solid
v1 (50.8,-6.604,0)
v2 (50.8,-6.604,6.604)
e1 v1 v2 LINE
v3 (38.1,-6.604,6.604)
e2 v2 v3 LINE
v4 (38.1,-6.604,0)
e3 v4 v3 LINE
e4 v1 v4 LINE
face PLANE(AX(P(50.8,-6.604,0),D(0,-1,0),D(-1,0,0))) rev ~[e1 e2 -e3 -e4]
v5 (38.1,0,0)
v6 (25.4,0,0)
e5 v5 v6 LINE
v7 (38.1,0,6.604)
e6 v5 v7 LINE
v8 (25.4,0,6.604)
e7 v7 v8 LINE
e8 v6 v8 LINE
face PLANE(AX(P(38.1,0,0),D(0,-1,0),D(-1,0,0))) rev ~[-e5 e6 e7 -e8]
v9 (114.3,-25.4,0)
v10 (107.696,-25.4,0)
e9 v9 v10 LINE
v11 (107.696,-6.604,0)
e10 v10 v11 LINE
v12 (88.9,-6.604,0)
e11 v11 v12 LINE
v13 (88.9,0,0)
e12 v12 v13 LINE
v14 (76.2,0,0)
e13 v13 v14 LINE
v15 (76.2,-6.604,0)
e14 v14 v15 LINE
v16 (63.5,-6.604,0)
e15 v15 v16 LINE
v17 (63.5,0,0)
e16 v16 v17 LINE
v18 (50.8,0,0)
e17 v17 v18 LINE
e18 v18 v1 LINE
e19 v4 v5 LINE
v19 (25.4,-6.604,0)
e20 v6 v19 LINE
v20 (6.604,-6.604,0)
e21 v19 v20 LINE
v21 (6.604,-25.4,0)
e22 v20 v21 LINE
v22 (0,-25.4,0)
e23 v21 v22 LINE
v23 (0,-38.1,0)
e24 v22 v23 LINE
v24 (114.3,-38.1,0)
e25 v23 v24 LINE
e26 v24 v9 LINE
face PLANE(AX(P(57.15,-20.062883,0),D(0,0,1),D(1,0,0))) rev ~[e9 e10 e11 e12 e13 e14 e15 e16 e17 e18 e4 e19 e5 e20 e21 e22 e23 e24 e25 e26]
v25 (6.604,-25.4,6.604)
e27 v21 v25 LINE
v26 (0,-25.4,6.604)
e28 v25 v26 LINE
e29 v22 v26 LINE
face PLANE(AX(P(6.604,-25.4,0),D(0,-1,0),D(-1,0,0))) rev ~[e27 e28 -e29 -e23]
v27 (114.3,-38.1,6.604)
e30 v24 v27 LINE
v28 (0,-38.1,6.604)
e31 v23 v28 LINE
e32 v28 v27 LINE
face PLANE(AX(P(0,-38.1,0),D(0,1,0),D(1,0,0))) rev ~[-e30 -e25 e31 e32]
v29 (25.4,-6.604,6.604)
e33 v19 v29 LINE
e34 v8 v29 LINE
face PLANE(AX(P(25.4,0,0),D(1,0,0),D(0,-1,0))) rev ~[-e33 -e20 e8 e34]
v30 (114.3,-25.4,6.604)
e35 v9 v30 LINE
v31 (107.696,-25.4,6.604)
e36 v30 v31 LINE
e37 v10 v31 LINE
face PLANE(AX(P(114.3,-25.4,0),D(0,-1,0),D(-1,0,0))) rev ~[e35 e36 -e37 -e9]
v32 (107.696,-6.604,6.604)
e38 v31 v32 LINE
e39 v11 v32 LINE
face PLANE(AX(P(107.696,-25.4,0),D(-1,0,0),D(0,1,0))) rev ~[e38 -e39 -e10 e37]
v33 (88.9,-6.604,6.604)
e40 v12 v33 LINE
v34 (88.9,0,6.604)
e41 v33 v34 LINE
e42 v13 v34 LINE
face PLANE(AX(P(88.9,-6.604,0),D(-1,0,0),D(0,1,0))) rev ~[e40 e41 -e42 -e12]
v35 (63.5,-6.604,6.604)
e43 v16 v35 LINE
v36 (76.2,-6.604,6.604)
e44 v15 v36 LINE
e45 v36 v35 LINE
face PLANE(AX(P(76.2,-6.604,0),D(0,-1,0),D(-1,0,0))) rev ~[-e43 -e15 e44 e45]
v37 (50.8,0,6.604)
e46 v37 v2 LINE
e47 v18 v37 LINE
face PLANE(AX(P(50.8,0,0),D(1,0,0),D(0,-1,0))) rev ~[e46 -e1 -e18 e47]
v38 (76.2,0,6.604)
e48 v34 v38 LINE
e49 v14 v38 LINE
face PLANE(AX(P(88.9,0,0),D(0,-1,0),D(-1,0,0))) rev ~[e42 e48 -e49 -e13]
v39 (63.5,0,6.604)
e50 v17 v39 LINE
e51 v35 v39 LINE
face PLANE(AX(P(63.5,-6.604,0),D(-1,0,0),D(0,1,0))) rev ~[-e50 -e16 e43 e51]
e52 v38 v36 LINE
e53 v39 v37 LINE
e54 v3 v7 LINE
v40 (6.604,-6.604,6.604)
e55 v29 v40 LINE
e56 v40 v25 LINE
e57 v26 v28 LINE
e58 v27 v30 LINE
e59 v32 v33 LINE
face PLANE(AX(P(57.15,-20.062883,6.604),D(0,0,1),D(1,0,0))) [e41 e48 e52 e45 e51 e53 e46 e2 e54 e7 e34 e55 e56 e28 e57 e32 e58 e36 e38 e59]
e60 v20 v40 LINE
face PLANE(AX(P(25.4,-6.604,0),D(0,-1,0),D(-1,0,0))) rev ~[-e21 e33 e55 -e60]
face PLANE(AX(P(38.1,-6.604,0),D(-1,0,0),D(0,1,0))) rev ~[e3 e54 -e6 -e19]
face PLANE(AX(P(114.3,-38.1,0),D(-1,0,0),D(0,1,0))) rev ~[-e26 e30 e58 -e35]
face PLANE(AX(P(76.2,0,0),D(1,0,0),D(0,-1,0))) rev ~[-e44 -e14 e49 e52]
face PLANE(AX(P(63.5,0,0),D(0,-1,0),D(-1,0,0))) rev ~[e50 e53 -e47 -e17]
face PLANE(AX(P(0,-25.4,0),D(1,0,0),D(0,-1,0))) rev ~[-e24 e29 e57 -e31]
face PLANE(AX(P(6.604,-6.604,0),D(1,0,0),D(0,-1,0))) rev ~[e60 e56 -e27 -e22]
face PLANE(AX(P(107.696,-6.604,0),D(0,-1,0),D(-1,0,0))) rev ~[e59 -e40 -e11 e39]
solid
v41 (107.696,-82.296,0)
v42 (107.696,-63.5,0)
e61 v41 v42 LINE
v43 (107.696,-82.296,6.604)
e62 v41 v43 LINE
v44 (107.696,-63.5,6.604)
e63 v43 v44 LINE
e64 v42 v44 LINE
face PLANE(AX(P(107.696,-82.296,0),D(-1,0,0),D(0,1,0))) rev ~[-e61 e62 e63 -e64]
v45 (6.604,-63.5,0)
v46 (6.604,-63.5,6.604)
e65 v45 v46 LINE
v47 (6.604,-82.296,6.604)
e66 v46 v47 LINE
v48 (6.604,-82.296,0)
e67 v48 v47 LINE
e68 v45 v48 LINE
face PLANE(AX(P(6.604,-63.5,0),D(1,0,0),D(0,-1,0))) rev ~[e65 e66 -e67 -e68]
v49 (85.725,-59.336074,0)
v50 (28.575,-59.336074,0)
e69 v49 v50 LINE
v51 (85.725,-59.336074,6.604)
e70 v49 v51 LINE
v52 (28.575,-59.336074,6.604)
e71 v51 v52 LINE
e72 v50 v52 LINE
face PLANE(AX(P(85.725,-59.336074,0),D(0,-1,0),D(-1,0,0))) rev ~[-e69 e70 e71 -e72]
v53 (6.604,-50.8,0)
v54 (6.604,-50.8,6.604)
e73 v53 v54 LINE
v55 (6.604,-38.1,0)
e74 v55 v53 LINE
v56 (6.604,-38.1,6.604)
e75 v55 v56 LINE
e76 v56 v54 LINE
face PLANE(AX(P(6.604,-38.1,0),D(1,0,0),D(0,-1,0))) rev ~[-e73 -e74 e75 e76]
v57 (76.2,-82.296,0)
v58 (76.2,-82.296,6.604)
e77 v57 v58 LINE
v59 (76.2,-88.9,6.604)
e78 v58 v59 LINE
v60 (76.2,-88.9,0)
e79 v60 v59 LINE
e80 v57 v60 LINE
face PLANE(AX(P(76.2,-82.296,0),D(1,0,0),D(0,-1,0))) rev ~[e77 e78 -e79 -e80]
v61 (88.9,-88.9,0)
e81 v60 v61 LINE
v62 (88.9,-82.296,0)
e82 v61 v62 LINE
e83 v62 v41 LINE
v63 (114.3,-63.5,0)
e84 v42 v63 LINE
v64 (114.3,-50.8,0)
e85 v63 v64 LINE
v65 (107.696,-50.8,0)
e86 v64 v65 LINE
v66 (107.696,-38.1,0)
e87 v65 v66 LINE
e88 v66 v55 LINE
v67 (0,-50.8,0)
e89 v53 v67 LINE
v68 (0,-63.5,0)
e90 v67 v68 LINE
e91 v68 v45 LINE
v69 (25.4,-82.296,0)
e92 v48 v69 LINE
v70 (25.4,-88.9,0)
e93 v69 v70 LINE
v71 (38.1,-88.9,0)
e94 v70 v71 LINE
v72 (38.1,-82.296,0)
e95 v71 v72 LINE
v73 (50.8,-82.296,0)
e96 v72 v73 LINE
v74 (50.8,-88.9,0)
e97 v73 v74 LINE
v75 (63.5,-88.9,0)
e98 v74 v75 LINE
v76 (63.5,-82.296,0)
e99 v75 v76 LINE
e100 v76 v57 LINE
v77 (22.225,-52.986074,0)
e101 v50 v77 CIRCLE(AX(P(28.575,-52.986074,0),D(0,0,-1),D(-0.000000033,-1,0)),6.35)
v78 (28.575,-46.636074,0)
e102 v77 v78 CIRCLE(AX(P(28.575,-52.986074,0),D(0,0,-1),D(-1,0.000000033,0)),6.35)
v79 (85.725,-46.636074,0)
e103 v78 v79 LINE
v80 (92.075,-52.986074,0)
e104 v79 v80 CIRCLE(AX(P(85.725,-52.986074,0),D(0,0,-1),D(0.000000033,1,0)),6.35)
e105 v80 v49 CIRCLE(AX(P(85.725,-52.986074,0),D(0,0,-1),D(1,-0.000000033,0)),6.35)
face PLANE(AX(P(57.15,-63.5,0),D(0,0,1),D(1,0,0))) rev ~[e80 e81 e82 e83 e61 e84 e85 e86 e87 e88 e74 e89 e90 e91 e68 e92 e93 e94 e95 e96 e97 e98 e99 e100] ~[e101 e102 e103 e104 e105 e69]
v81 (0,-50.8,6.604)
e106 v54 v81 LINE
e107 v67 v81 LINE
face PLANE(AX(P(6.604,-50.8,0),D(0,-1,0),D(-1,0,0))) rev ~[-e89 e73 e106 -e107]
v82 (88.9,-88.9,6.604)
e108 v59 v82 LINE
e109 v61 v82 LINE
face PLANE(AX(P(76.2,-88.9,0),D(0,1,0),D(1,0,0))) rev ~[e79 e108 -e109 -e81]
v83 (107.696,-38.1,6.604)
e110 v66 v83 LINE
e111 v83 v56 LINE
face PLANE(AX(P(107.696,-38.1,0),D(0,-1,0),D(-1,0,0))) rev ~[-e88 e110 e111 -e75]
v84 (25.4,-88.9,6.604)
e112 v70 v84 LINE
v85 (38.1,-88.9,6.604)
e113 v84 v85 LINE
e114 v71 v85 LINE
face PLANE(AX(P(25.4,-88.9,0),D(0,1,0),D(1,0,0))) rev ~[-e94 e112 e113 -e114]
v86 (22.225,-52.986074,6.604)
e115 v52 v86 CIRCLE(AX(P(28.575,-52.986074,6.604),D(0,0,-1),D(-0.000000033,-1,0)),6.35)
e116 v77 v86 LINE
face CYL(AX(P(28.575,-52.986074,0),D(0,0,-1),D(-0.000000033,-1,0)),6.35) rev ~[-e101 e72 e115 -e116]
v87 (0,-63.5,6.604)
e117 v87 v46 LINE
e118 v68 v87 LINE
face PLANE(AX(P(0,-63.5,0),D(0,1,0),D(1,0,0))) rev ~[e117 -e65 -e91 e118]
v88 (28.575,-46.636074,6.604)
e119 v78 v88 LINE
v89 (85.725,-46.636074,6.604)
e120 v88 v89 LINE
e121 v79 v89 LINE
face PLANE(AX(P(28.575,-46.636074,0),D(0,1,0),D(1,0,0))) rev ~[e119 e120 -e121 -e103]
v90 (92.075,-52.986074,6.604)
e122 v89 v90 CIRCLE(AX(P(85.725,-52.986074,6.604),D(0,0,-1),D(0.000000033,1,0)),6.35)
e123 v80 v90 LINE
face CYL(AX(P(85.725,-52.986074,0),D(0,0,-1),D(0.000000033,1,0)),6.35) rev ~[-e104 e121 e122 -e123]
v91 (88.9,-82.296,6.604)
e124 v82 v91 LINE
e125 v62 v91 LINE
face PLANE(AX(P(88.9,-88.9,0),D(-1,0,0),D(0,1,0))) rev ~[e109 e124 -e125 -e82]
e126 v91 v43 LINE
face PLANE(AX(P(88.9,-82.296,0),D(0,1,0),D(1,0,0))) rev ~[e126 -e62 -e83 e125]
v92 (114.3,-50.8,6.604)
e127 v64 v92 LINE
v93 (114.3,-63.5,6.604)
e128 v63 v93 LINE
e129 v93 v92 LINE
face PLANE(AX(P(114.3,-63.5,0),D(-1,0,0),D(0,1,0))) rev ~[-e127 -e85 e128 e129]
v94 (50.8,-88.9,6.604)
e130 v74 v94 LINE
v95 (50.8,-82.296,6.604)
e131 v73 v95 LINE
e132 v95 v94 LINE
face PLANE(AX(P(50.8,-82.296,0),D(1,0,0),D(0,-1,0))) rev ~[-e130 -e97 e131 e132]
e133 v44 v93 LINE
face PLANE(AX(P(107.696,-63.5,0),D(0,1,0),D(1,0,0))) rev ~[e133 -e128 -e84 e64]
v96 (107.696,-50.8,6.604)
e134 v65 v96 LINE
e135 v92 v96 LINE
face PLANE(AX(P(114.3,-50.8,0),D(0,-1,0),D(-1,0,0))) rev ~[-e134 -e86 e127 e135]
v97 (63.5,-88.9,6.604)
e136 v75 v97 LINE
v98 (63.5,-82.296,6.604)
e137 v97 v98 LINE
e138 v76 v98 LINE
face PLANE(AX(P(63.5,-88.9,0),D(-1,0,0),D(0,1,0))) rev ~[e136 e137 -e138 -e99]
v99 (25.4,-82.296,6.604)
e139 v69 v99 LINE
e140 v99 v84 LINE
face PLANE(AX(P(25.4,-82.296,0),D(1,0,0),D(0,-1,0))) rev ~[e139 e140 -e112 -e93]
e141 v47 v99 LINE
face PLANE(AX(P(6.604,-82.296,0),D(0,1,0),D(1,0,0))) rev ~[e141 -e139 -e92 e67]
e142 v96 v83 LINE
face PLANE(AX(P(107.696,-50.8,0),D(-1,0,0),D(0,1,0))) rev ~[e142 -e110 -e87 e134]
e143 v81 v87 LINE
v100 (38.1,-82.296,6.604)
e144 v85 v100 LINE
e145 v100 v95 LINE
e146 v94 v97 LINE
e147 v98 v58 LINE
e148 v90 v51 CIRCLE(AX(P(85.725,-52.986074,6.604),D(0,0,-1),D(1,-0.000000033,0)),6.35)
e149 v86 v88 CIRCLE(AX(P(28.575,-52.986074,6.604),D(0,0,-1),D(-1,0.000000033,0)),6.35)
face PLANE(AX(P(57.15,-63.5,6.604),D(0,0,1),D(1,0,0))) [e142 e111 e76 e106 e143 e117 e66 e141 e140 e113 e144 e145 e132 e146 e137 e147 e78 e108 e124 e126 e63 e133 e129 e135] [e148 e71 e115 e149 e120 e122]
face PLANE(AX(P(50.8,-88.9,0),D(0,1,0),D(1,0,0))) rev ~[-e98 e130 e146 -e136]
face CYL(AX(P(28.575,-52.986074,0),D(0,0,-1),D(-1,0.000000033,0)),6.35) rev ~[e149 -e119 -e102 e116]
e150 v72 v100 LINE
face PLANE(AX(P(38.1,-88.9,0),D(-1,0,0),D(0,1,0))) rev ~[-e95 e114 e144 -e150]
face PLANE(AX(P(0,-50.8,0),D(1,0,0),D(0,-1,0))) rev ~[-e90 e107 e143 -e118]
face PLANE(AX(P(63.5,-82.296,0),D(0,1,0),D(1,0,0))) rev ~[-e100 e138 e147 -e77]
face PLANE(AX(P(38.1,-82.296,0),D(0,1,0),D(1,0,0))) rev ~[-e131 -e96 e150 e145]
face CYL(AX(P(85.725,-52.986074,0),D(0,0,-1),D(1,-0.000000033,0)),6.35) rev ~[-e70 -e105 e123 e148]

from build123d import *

# Parameters (mm, degrees)
F1_DEPTH = 6.604
F2_DEPTH = 6.604


with BuildPart() as f1:
    # F0 (on Top) → F1 (new body)
    with BuildSketch(Plane.XY):
        Polygon((38.1, 0), (25.4, 0), (25.4, -6.604), (6.604, -6.604), (6.604, -25.4), (0, -25.4), (0, -38.1), (6.604, -38.1), (107.696, -38.1), (114.3, -38.1), (114.3, -25.4), (107.696, -25.4), (107.696, -6.604), (88.9, -6.604), (88.9, 0), (76.2, 0), (76.2, -6.604), (63.5, -6.604), (63.5, 0), (50.8, 0), (50.8, -6.604), (38.1, -6.604), align=None)
    extrude(amount=F1_DEPTH)


with BuildPart() as f2:
    # F0 (on Top) → F2 (new body)
    with BuildSketch(Plane.XY):
        Polygon((107.696, -38.1), (6.604, -38.1), (6.604, -50.8), (0, -50.8), (0, -63.5), (6.604, -63.5), (6.604, -82.296), (25.4, -82.296), (25.4, -88.9), (38.1, -88.9), (38.1, -82.296), (50.8, -82.296), (50.8, -88.9), (63.5, -88.9), (63.5, -82.296), (76.2, -82.296), (76.2, -88.9), (88.9, -88.9), (88.9, -82.296), (107.696, -82.296), (107.696, -63.5), (114.3, -63.5), (114.3, -50.8), (107.696, -50.8), align=None)
        with BuildLine():
            ThreePointArc((22.225, -52.986074), (24.084872, -48.495946), (28.575, -46.636074))
            Line((28.575, -46.636074), (85.725, -46.636074))
            ThreePointArc((85.725, -46.636074), (90.215128, -48.495946), (92.075, -52.986074))
            ThreePointArc((92.075, -52.986074), (90.215128, -57.476202), (85.725, -59.336074))
            Line((85.725, -59.336074), (28.575, -59.336074))
            ThreePointArc((28.575, -59.336074), (24.084872, -57.476202), (22.225, -52.986074))
        make_face(mode=Mode.SUBTRACT)
    extrude(amount=F2_DEPTH)


solid = Compound([f1.part, f2.part])
